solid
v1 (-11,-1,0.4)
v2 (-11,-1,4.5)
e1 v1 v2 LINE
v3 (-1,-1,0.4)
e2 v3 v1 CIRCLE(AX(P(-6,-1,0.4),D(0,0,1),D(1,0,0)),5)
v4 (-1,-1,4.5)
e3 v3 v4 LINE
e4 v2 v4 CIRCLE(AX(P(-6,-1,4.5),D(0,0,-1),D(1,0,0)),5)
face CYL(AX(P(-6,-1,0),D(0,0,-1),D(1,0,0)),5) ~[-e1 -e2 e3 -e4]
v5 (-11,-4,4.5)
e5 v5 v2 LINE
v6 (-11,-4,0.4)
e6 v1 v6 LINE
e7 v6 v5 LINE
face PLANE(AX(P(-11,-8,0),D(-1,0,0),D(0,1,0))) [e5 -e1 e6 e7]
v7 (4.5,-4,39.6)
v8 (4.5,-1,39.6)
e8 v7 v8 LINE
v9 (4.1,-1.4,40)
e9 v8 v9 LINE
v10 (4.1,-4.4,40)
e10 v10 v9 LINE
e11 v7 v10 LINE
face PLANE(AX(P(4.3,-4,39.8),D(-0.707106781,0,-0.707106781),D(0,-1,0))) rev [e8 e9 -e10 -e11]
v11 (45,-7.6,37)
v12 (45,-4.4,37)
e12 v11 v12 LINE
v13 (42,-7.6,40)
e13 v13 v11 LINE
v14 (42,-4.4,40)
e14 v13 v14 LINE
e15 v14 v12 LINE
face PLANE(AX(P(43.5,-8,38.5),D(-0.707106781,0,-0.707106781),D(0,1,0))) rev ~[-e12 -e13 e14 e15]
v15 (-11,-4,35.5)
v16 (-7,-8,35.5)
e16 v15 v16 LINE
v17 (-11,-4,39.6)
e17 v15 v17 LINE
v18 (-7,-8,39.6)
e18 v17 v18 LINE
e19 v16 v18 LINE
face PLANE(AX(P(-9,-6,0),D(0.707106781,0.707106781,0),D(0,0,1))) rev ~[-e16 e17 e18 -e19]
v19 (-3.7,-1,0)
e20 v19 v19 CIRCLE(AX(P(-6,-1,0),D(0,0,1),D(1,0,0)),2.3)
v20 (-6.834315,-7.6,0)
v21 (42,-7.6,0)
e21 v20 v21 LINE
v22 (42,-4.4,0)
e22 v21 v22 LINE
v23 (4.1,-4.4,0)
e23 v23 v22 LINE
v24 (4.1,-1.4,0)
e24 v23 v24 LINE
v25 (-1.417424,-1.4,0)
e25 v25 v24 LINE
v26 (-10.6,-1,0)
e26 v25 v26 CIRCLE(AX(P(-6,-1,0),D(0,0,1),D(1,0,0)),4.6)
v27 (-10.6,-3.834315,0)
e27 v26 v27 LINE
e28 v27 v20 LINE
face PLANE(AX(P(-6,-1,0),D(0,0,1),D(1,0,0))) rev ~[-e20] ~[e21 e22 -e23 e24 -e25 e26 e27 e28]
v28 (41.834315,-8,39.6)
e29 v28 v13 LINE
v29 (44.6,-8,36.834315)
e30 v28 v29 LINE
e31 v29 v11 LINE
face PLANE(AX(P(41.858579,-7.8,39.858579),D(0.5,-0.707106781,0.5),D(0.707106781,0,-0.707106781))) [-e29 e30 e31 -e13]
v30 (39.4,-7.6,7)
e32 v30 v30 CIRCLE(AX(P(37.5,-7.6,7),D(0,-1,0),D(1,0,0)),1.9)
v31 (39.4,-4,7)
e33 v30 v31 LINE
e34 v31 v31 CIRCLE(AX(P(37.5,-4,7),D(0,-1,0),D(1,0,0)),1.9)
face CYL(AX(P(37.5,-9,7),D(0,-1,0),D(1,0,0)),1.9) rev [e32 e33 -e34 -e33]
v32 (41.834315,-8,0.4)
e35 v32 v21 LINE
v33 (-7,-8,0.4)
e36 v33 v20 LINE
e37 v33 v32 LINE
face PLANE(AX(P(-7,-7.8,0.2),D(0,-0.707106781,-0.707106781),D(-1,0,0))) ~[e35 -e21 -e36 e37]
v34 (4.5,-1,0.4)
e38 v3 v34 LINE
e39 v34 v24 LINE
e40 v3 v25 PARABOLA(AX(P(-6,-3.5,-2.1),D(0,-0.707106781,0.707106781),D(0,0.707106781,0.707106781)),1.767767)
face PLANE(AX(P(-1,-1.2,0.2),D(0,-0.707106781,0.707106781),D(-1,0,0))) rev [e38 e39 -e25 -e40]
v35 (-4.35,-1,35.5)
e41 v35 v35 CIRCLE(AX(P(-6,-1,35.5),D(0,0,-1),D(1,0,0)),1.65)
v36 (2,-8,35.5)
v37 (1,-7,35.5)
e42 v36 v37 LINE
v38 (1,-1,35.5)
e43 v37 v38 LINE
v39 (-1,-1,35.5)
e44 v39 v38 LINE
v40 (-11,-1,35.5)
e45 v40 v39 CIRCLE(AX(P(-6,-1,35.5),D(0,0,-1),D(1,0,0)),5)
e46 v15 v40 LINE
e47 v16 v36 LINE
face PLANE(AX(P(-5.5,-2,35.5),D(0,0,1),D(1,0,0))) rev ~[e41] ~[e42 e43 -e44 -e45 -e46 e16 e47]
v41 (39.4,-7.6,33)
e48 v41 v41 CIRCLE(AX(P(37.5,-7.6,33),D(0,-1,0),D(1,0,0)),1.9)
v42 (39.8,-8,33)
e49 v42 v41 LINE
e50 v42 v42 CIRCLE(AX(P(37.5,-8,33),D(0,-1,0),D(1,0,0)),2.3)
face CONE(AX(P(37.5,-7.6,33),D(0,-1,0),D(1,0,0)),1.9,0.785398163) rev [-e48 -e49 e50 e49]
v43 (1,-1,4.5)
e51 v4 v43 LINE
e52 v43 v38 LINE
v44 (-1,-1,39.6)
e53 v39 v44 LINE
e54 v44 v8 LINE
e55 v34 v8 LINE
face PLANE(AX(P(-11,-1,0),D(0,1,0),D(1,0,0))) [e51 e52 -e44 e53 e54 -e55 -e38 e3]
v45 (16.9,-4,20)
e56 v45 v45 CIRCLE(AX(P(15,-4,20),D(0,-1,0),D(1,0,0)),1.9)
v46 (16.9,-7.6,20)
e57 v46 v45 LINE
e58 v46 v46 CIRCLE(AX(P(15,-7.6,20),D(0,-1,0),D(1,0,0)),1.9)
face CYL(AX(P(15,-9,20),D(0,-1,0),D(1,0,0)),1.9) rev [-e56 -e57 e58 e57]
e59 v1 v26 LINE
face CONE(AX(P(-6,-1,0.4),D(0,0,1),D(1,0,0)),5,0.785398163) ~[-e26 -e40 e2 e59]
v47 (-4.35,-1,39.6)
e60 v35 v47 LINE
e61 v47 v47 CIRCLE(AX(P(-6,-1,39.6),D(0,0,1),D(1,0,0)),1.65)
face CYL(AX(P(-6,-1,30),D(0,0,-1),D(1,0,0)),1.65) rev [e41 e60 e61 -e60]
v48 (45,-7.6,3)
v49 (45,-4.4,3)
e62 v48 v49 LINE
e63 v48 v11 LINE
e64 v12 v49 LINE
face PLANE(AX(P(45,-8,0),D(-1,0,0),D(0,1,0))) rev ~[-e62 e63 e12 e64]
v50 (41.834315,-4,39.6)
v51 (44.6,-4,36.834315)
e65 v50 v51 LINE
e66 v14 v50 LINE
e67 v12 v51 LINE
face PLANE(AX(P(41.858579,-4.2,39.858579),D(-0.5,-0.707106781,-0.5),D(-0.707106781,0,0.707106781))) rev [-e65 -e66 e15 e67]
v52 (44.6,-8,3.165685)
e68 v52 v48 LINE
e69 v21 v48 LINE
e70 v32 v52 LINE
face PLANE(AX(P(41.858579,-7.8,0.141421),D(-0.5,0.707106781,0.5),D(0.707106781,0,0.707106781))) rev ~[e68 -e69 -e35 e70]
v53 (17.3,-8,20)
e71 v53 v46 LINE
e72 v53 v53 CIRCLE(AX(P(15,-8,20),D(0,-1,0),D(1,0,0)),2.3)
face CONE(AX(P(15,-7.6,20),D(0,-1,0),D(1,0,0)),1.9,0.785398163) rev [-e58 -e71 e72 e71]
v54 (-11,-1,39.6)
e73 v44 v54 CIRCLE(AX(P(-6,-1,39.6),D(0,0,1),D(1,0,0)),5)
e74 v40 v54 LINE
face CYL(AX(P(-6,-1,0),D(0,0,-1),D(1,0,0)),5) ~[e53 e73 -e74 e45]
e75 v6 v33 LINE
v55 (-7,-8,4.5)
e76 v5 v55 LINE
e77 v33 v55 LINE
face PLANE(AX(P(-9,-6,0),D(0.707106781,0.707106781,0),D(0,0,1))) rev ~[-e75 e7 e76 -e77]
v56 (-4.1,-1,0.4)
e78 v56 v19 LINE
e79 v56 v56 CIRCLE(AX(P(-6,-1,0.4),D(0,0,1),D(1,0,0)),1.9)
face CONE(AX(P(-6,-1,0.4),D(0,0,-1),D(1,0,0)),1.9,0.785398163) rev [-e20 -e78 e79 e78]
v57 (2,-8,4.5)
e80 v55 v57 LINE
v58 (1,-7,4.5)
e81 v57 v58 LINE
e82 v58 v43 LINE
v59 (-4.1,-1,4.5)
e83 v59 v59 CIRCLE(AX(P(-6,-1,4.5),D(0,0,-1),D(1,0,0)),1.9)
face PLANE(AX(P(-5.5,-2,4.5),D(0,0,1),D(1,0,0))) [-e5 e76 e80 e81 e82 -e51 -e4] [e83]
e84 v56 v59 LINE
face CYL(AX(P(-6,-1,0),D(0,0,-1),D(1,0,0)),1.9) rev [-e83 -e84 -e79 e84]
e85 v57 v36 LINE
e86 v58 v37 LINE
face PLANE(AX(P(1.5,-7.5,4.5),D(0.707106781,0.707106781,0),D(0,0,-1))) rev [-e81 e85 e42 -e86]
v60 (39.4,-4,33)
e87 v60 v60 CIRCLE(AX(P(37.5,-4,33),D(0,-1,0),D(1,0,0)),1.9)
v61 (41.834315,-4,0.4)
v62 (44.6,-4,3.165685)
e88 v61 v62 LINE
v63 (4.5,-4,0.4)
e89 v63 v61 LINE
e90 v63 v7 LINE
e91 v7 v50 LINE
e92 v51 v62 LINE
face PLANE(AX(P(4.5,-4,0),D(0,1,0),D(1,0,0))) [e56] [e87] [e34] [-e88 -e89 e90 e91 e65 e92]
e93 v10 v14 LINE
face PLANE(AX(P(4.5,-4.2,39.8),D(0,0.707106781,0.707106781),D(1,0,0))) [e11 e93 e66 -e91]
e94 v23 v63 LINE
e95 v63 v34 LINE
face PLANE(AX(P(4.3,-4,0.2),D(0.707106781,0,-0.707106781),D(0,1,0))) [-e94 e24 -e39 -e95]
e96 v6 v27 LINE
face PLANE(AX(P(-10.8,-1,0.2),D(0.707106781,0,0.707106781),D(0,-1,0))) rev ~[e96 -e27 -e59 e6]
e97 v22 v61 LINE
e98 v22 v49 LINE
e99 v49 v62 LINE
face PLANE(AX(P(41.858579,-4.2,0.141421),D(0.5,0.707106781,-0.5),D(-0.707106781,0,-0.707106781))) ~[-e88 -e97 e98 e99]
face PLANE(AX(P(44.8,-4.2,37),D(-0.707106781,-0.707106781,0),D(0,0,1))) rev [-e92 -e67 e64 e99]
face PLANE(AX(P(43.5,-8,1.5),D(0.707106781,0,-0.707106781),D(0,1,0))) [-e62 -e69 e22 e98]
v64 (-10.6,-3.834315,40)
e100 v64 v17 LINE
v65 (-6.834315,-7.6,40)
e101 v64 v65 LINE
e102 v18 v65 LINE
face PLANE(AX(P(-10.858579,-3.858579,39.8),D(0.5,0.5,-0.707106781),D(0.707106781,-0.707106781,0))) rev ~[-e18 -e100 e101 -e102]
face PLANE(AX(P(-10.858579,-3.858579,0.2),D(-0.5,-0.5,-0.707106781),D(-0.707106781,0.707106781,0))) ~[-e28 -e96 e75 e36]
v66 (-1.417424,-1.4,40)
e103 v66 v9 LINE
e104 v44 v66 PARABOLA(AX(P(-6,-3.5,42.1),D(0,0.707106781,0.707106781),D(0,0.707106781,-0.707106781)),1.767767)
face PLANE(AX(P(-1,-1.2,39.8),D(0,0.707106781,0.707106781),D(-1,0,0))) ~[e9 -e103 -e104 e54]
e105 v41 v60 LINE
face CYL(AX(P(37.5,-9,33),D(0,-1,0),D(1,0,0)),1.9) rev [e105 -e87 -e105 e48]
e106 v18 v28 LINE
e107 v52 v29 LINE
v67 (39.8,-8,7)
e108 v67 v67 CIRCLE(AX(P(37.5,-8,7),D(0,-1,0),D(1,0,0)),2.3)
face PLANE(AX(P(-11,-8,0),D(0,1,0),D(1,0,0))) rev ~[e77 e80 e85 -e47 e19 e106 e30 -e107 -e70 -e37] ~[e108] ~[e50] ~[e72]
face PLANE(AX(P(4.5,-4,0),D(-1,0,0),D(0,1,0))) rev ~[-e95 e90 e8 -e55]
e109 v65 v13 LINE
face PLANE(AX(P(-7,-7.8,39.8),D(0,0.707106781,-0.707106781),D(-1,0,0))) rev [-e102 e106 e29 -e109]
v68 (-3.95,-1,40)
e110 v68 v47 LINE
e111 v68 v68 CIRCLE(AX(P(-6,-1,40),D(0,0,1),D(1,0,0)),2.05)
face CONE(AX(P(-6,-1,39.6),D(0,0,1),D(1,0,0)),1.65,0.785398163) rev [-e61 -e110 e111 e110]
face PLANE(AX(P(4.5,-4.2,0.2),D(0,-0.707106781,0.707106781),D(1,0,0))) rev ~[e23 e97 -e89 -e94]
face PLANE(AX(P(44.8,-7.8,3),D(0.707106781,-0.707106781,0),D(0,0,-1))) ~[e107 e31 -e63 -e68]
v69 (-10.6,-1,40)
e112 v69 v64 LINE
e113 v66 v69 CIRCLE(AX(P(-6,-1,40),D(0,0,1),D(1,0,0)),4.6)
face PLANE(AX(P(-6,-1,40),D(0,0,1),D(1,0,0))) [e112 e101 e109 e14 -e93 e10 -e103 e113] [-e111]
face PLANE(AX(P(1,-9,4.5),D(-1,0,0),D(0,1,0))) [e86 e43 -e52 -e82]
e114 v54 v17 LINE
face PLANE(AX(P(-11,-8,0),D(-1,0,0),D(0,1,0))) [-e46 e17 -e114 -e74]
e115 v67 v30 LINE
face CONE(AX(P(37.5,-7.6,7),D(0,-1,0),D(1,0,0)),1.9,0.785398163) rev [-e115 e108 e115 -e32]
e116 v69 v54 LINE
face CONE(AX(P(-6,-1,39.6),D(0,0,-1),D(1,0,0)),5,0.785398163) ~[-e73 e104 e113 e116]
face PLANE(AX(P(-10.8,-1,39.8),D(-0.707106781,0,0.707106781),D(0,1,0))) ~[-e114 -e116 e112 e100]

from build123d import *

# Parameters (mm, degrees)
CYLINDER008_R         = 1.9
CYLINDER008_DEPTH     = 10
CYLINDER007_R         = 1.9
CYLINDER007_DEPTH     = 10
CYLINDER009_R         = 1.9
CYLINDER009_DEPTH     = 10
CYLINDER006_R         = 1.9
CYLINDER006_DEPTH     = 10
CYLINDER010_R         = 1.65
CYLINDER010_DEPTH     = 10
BOX025_W              = 13
BOX025_H              = 14
BOX025_DEPTH          = 31
CYLINDER004_R         = 5
CYLINDER004_DEPTH     = 40
BOX023_W              = 46
BOX023_H              = 4
BOX023_DEPTH          = 40
BOX024_W              = 56
BOX024_H              = 7
BOX024_DEPTH          = 40
CHAMFER006006007_SIZE = 4
CHAMFER006006008_SIZE = 3
CHAMFER006006009_SIZE = 1
CHAMFER006006010_SIZE = 0.4


with BuildPart() as cylinder008:
    # Cylinder008 → Cylinder008 (new body)
    with BuildSketch(Plane(origin=(37.5, -9, 33), x_dir=(1, 0, 0), z_dir=(0, 1, 0))):
        Circle(CYLINDER008_R)
    extrude(amount=CYLINDER008_DEPTH)


with BuildPart() as cylinder007:
    # Cylinder007 → Cylinder007 (new body)
    with BuildSketch(Plane(origin=(15, -9, 20), x_dir=(1, 0, 0), z_dir=(0, 1, 0))):
        Circle(CYLINDER007_R)
    extrude(amount=CYLINDER007_DEPTH)


with BuildPart() as fusion002:
    # Cylinder009 → Cylinder009 (new body)
    with BuildSketch(Plane(origin=(37.5, -9, 7), x_dir=(1, 0, 0), z_dir=(0, 1, 0))):
        Circle(CYLINDER009_R)
    extrude(amount=CYLINDER009_DEPTH)

    # Fusion002: union Cylinder008, Cylinder007
    add(cylinder008.part)
    add(cylinder007.part)


with BuildPart() as cylinder006:
    # Cylinder006 → Cylinder006 (new body)
    with BuildSketch(Plane(origin=(-6, -1, 0), x_dir=(1, 0, 0), z_dir=(0, 0, 1))):
        Circle(CYLINDER006_R)
    extrude(amount=CYLINDER006_DEPTH)


with BuildPart() as fusion004:
    # Cylinder010 → Cylinder010 (new body)
    with BuildSketch(Plane(origin=(-6, -1, 30), x_dir=(1, 0, 0), z_dir=(0, 0, 1))):
        Circle(CYLINDER010_R)
    extrude(amount=CYLINDER010_DEPTH)

    # Fusion003: union Cylinder006
    add(cylinder006.part)

    # Fusion004: union Fusion002
    add(fusion002.part)


with BuildPart() as cube024:
    # Box025 → Box025 (new body)
    with BuildSketch(Plane(origin=(-12, -9, 4.5), x_dir=(1, 0, 0), z_dir=(0, 0, 1))):
        with Locations((6.5, 7)):
            Rectangle(BOX025_W, BOX025_H)
    extrude(amount=BOX025_DEPTH)


with BuildPart() as cylinder004:
    # Cylinder004 → Cylinder004 (new body)
    with BuildSketch(Plane(origin=(-6, -1, 0), x_dir=(1, 0, 0), z_dir=(0, 0, 1))):
        Circle(CYLINDER004_R)
    extrude(amount=CYLINDER004_DEPTH)


with BuildPart() as cube022:
    # Box023 → Box023 (new body)
    with BuildSketch(Plane(origin=(4.5, -4, 0), x_dir=(1, 0, 0), z_dir=(0, 0, 1))):
        with Locations((23, 2)):
            Rectangle(BOX023_W, BOX023_H)
    extrude(amount=BOX023_DEPTH)


with BuildPart() as chamfer006006010:
    # Box024 → Box024 (new body)
    with BuildSketch(Plane(origin=(-11, -8, 0), x_dir=(1, 0, 0), z_dir=(0, 0, 1))):
        with Locations((28, 3.5)):
            Rectangle(BOX024_W, BOX024_H)
    extrude(amount=BOX024_DEPTH)

    # Chamfer006006007
    chamfer006006007_edges = [chamfer006006010.edges().sort_by_distance(p)[0] for p in [
        (-11, -8, 20),
    ]]
    chamfer(chamfer006006007_edges, length=CHAMFER006006007_SIZE)

    # Cut002002: cut Cube022
    add(cube022.part, mode=Mode.SUBTRACT)

    # Chamfer006006008
    chamfer006006008_edges = [chamfer006006010.edges().sort_by_distance(p)[0] for p in [
        (45, -6, 40),
        (45, -6, 0),
    ]]
    chamfer(chamfer006006008_edges, length=CHAMFER006006008_SIZE)

    # Fusion001: union Cylinder004
    add(cylinder004.part)

    # Cut002003: cut Cube024
    add(cube024.part, mode=Mode.SUBTRACT)

    # Chamfer006006009
    chamfer006006009_edges = [chamfer006006010.edges().sort_by_distance(p)[0] for p in [
        (1, -8, 20),
    ]]
    chamfer(chamfer006006009_edges, length=CHAMFER006006009_SIZE)

    # Cut002004: cut Fusion004
    add(fusion004.part, mode=Mode.SUBTRACT)

    # Chamfer006006010
    chamfer006006010_edges = [chamfer006006010.edges().sort_by_distance(p)[0] for p in [
        (17.5, -8, 40),
        (43.5, -8, 38.5),
        (45, -8, 20),
        (17.5, -8, 0),
        (43.5, -8, 1.5),
        (13.1, -8, 20),
        (35.6, -8, 7),
        (35.6, -8, 33),
        (-9, -6, 40),
        (43.5, -4, 38.5),
        (-9, -6, 0),
        (45, -4, 20),
        (43.5, -4, 1.5),
        (1.75, -1, 0),
        (1.75, -1, 40),
        (-6, 4, 40),
        (-11, -2.5, 40),
        (-6, 0.65, 40),
        (-6, -2.65, 40),
        (-6, 4, 0),
        (-11, -2.5, 0),
        (-6, -2.9, 0),
        (-6, 0.9, 0),
        (4.5, -2.5, 40),
        (4.5, -2.5, 0),
        (23.25, -4, 0),
        (23.25, -4, 40),
    ]]
    chamfer(chamfer006006010_edges, length=CHAMFER006006010_SIZE)


solid = chamfer006006010.part
